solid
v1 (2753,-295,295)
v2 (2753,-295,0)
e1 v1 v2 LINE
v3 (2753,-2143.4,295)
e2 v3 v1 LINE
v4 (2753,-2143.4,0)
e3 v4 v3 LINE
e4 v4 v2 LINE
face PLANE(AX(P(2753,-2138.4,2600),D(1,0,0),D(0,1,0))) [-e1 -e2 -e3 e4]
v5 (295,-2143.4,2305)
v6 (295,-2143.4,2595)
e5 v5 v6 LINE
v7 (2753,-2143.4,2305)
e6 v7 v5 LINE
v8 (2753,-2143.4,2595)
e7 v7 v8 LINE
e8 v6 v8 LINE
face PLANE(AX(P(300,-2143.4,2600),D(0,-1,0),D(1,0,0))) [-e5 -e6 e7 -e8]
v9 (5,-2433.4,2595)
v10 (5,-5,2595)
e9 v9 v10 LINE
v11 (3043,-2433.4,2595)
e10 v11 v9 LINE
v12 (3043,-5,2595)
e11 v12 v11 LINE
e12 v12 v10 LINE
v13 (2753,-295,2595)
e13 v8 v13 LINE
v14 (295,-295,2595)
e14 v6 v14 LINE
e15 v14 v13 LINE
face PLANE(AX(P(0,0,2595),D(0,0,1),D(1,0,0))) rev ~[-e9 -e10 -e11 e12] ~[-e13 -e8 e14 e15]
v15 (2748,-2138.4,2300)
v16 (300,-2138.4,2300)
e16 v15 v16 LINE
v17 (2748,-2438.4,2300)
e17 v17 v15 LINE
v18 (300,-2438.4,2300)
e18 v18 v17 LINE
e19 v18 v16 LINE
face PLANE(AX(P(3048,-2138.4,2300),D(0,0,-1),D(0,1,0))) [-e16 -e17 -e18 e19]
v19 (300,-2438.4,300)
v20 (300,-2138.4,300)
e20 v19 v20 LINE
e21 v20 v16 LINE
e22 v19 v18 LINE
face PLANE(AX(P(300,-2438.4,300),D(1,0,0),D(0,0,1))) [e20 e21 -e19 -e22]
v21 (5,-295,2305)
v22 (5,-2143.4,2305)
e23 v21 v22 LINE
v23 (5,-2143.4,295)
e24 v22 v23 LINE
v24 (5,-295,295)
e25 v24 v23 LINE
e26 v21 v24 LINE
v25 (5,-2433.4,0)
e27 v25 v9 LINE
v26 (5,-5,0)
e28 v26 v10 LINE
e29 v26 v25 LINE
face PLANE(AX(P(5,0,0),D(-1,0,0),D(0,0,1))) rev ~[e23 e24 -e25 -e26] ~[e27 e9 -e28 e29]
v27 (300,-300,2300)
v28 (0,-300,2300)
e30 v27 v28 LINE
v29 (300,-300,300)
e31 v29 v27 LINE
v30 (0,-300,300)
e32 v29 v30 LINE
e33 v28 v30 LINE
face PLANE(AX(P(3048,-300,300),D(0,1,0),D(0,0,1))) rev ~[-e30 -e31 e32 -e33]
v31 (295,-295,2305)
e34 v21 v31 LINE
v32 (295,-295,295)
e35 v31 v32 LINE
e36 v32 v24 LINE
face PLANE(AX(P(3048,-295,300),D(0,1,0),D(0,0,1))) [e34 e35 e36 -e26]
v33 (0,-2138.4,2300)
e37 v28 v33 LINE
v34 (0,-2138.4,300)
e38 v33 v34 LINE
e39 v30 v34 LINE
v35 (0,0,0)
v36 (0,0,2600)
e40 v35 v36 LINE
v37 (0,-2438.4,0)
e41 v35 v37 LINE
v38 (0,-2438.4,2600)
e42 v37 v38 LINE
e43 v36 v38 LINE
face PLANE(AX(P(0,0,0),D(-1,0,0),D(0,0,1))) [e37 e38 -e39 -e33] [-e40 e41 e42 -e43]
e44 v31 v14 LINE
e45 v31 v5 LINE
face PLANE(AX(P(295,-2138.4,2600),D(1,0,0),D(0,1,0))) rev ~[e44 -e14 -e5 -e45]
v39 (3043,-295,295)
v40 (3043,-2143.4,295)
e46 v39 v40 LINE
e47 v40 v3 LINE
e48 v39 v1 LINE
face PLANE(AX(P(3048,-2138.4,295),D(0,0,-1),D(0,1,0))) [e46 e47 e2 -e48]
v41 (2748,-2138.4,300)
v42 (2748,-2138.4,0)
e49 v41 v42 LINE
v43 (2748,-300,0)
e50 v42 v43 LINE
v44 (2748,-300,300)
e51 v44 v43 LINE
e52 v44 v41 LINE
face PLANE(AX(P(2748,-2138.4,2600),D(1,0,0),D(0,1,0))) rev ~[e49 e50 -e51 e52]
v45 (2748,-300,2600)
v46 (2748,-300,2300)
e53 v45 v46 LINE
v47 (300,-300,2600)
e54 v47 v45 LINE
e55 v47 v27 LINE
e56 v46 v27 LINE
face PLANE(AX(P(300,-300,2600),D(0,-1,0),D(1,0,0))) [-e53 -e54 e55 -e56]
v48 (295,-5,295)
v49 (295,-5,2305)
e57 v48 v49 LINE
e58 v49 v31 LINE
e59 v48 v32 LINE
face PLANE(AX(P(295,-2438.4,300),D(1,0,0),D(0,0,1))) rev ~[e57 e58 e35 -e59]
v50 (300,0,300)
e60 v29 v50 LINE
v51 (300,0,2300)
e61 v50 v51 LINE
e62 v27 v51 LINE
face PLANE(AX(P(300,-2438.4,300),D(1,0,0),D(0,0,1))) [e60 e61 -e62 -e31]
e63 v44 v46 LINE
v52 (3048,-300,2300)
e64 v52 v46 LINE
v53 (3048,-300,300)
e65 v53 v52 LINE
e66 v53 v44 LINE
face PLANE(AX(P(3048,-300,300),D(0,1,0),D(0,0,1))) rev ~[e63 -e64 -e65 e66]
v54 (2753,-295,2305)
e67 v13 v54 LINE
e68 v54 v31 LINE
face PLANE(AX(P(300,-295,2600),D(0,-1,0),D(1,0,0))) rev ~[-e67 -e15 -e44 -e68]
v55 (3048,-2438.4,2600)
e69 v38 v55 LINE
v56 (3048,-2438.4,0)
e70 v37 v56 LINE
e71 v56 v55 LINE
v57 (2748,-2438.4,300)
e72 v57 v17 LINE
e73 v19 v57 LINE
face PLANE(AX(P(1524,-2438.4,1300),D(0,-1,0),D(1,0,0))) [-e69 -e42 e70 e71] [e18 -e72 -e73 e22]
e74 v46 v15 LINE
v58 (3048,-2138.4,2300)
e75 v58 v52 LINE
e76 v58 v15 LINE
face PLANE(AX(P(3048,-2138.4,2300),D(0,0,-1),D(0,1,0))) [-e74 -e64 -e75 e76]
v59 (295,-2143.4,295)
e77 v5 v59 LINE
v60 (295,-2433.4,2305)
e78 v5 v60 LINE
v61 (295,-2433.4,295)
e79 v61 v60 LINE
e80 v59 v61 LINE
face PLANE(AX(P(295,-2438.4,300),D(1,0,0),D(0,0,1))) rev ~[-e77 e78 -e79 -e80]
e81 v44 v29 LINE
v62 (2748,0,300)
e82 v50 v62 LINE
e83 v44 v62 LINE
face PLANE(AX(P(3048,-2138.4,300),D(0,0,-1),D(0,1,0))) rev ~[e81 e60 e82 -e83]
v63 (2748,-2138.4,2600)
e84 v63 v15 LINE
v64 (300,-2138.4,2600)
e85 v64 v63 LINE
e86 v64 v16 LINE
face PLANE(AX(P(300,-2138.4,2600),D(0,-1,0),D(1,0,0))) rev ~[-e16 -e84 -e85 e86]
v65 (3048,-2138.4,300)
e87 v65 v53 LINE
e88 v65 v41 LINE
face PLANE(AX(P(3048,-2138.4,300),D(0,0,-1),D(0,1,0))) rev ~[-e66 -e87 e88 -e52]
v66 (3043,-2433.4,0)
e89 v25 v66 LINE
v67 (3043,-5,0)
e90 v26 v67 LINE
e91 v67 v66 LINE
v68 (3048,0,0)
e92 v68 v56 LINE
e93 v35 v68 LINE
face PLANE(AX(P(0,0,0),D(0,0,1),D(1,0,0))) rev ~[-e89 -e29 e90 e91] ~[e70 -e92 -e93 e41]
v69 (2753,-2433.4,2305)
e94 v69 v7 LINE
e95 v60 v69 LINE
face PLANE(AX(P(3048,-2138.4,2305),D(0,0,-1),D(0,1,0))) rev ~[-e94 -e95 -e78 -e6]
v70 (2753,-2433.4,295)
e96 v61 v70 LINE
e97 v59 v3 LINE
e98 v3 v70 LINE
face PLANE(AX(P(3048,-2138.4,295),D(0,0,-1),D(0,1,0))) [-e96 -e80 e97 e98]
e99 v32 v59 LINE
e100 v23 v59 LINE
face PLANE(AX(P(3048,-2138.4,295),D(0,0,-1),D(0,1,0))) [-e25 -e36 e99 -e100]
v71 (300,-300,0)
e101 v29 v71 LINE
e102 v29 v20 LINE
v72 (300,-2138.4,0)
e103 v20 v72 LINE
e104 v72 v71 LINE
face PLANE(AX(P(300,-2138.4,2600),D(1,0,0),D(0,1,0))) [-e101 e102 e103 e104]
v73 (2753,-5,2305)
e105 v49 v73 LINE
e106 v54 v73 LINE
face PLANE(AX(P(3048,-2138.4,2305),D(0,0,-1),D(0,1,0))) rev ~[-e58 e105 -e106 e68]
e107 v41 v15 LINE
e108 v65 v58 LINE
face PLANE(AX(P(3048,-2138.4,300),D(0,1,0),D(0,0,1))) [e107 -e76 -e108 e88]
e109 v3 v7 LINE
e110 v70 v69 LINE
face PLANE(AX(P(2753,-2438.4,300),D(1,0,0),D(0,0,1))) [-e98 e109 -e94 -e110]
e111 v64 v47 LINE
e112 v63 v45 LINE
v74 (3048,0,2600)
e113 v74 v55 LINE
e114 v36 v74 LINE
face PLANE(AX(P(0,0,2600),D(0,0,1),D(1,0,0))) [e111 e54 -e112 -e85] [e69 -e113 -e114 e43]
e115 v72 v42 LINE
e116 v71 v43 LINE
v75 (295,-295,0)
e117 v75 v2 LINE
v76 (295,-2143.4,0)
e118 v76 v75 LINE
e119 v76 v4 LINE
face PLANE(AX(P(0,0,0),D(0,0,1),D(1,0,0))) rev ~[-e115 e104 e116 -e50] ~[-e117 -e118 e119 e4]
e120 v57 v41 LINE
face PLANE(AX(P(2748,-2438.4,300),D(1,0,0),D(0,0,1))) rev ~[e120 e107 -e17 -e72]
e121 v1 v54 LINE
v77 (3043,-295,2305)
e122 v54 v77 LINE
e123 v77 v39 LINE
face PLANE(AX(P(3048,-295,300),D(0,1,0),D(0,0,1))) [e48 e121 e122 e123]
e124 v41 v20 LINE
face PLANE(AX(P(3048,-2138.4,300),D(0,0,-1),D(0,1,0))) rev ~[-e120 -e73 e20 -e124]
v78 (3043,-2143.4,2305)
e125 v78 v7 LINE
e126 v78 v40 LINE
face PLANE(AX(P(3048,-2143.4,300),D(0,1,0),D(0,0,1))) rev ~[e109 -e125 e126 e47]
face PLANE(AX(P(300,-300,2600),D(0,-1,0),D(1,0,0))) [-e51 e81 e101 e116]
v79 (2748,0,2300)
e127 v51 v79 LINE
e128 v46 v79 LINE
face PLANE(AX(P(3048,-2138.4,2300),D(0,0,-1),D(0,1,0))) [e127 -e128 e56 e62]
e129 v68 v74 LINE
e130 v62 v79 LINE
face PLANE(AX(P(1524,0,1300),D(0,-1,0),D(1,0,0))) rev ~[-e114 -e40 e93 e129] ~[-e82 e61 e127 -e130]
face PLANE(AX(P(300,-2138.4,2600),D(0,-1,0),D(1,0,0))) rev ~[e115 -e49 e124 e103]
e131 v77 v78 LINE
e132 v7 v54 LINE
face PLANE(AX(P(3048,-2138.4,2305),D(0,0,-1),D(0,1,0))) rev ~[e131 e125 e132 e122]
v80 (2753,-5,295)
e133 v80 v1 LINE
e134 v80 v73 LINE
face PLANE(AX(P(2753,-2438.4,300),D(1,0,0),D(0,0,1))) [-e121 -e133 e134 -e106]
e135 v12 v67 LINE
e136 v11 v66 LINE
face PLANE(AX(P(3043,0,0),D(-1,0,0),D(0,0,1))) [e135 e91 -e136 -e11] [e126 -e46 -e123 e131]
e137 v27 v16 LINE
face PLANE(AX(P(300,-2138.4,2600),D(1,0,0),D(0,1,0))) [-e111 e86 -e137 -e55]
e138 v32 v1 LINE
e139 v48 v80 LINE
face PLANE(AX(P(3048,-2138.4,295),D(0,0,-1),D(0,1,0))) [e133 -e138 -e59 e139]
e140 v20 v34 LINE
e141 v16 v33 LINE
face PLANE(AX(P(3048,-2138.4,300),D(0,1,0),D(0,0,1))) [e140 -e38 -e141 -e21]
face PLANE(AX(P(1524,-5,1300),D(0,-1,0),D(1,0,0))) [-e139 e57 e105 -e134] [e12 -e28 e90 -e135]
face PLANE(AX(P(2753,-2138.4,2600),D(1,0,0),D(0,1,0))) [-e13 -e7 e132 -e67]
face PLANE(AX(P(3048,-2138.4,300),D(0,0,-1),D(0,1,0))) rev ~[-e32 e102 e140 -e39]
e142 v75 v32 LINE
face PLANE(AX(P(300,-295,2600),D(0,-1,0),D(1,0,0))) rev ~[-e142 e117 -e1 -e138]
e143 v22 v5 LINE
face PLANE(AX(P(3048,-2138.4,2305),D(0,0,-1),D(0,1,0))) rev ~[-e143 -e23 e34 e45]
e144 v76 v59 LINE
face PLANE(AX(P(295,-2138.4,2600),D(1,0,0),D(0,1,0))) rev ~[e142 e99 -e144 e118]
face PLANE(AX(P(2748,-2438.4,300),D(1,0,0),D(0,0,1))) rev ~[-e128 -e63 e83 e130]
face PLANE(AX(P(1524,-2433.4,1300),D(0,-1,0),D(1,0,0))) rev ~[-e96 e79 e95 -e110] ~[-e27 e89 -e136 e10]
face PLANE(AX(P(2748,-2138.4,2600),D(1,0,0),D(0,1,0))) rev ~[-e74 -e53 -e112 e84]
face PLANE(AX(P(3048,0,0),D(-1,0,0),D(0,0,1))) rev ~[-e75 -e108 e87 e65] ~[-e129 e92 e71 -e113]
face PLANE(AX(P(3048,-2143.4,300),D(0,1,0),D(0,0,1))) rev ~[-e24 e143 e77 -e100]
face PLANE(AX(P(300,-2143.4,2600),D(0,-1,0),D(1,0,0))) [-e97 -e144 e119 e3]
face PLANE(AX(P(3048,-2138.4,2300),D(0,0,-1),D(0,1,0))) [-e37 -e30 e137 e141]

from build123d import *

# Parameters (mm, degrees)
F0_W     = 3048
F0_H     = 2600
F1_DEPTH = 2438.4
F2_W     = 2448
F2_H     = 2000
F3_DEPTH = 3920
F4_W     = 1838.4
F4_H     = 2000
F5_DEPTH = 4630
F6_W     = 2448
F6_H     = 1838.4
F7_DEPTH = 3030
F8_T     = -5


with BuildPart() as f1:
    # F0 (on Front) → F1 (new body)
    with BuildSketch(Plane.XZ):
        with Locations((1524, 1300)):
            Rectangle(F0_W, F0_H)
    extrude(amount=F1_DEPTH)

    # F2 (on face) → F3 (cut)
    with BuildSketch(Plane.XZ.offset(2438.4)):
        with Locations((1524, 1300)):
            Rectangle(F2_W, F2_H)
    extrude(amount=-F3_DEPTH, mode=Mode.SUBTRACT)

    # F4 (on face) → F5 (cut)
    with BuildSketch(Plane.YZ.offset(3048)):
        with Locations((-1219.2, 1300)):
            Rectangle(F4_W, F4_H)
    extrude(amount=-F5_DEPTH, mode=Mode.SUBTRACT)

    # F6 (on face) → F7 (cut)
    with BuildSketch(Plane.XY.offset(2600)):
        with Locations((1524, -1219.2)):
            Rectangle(F6_W, F6_H)
    extrude(amount=-F7_DEPTH, mode=Mode.SUBTRACT)

    # F8
    f8_openings = [f1.faces().sort_by_distance(p)[0] for p in [
        (39.033445, -1219.2, 0),
    ]]
    offset(amount=F8_T, openings=f8_openings, kind=Kind.INTERSECTION)


solid = f1.part
